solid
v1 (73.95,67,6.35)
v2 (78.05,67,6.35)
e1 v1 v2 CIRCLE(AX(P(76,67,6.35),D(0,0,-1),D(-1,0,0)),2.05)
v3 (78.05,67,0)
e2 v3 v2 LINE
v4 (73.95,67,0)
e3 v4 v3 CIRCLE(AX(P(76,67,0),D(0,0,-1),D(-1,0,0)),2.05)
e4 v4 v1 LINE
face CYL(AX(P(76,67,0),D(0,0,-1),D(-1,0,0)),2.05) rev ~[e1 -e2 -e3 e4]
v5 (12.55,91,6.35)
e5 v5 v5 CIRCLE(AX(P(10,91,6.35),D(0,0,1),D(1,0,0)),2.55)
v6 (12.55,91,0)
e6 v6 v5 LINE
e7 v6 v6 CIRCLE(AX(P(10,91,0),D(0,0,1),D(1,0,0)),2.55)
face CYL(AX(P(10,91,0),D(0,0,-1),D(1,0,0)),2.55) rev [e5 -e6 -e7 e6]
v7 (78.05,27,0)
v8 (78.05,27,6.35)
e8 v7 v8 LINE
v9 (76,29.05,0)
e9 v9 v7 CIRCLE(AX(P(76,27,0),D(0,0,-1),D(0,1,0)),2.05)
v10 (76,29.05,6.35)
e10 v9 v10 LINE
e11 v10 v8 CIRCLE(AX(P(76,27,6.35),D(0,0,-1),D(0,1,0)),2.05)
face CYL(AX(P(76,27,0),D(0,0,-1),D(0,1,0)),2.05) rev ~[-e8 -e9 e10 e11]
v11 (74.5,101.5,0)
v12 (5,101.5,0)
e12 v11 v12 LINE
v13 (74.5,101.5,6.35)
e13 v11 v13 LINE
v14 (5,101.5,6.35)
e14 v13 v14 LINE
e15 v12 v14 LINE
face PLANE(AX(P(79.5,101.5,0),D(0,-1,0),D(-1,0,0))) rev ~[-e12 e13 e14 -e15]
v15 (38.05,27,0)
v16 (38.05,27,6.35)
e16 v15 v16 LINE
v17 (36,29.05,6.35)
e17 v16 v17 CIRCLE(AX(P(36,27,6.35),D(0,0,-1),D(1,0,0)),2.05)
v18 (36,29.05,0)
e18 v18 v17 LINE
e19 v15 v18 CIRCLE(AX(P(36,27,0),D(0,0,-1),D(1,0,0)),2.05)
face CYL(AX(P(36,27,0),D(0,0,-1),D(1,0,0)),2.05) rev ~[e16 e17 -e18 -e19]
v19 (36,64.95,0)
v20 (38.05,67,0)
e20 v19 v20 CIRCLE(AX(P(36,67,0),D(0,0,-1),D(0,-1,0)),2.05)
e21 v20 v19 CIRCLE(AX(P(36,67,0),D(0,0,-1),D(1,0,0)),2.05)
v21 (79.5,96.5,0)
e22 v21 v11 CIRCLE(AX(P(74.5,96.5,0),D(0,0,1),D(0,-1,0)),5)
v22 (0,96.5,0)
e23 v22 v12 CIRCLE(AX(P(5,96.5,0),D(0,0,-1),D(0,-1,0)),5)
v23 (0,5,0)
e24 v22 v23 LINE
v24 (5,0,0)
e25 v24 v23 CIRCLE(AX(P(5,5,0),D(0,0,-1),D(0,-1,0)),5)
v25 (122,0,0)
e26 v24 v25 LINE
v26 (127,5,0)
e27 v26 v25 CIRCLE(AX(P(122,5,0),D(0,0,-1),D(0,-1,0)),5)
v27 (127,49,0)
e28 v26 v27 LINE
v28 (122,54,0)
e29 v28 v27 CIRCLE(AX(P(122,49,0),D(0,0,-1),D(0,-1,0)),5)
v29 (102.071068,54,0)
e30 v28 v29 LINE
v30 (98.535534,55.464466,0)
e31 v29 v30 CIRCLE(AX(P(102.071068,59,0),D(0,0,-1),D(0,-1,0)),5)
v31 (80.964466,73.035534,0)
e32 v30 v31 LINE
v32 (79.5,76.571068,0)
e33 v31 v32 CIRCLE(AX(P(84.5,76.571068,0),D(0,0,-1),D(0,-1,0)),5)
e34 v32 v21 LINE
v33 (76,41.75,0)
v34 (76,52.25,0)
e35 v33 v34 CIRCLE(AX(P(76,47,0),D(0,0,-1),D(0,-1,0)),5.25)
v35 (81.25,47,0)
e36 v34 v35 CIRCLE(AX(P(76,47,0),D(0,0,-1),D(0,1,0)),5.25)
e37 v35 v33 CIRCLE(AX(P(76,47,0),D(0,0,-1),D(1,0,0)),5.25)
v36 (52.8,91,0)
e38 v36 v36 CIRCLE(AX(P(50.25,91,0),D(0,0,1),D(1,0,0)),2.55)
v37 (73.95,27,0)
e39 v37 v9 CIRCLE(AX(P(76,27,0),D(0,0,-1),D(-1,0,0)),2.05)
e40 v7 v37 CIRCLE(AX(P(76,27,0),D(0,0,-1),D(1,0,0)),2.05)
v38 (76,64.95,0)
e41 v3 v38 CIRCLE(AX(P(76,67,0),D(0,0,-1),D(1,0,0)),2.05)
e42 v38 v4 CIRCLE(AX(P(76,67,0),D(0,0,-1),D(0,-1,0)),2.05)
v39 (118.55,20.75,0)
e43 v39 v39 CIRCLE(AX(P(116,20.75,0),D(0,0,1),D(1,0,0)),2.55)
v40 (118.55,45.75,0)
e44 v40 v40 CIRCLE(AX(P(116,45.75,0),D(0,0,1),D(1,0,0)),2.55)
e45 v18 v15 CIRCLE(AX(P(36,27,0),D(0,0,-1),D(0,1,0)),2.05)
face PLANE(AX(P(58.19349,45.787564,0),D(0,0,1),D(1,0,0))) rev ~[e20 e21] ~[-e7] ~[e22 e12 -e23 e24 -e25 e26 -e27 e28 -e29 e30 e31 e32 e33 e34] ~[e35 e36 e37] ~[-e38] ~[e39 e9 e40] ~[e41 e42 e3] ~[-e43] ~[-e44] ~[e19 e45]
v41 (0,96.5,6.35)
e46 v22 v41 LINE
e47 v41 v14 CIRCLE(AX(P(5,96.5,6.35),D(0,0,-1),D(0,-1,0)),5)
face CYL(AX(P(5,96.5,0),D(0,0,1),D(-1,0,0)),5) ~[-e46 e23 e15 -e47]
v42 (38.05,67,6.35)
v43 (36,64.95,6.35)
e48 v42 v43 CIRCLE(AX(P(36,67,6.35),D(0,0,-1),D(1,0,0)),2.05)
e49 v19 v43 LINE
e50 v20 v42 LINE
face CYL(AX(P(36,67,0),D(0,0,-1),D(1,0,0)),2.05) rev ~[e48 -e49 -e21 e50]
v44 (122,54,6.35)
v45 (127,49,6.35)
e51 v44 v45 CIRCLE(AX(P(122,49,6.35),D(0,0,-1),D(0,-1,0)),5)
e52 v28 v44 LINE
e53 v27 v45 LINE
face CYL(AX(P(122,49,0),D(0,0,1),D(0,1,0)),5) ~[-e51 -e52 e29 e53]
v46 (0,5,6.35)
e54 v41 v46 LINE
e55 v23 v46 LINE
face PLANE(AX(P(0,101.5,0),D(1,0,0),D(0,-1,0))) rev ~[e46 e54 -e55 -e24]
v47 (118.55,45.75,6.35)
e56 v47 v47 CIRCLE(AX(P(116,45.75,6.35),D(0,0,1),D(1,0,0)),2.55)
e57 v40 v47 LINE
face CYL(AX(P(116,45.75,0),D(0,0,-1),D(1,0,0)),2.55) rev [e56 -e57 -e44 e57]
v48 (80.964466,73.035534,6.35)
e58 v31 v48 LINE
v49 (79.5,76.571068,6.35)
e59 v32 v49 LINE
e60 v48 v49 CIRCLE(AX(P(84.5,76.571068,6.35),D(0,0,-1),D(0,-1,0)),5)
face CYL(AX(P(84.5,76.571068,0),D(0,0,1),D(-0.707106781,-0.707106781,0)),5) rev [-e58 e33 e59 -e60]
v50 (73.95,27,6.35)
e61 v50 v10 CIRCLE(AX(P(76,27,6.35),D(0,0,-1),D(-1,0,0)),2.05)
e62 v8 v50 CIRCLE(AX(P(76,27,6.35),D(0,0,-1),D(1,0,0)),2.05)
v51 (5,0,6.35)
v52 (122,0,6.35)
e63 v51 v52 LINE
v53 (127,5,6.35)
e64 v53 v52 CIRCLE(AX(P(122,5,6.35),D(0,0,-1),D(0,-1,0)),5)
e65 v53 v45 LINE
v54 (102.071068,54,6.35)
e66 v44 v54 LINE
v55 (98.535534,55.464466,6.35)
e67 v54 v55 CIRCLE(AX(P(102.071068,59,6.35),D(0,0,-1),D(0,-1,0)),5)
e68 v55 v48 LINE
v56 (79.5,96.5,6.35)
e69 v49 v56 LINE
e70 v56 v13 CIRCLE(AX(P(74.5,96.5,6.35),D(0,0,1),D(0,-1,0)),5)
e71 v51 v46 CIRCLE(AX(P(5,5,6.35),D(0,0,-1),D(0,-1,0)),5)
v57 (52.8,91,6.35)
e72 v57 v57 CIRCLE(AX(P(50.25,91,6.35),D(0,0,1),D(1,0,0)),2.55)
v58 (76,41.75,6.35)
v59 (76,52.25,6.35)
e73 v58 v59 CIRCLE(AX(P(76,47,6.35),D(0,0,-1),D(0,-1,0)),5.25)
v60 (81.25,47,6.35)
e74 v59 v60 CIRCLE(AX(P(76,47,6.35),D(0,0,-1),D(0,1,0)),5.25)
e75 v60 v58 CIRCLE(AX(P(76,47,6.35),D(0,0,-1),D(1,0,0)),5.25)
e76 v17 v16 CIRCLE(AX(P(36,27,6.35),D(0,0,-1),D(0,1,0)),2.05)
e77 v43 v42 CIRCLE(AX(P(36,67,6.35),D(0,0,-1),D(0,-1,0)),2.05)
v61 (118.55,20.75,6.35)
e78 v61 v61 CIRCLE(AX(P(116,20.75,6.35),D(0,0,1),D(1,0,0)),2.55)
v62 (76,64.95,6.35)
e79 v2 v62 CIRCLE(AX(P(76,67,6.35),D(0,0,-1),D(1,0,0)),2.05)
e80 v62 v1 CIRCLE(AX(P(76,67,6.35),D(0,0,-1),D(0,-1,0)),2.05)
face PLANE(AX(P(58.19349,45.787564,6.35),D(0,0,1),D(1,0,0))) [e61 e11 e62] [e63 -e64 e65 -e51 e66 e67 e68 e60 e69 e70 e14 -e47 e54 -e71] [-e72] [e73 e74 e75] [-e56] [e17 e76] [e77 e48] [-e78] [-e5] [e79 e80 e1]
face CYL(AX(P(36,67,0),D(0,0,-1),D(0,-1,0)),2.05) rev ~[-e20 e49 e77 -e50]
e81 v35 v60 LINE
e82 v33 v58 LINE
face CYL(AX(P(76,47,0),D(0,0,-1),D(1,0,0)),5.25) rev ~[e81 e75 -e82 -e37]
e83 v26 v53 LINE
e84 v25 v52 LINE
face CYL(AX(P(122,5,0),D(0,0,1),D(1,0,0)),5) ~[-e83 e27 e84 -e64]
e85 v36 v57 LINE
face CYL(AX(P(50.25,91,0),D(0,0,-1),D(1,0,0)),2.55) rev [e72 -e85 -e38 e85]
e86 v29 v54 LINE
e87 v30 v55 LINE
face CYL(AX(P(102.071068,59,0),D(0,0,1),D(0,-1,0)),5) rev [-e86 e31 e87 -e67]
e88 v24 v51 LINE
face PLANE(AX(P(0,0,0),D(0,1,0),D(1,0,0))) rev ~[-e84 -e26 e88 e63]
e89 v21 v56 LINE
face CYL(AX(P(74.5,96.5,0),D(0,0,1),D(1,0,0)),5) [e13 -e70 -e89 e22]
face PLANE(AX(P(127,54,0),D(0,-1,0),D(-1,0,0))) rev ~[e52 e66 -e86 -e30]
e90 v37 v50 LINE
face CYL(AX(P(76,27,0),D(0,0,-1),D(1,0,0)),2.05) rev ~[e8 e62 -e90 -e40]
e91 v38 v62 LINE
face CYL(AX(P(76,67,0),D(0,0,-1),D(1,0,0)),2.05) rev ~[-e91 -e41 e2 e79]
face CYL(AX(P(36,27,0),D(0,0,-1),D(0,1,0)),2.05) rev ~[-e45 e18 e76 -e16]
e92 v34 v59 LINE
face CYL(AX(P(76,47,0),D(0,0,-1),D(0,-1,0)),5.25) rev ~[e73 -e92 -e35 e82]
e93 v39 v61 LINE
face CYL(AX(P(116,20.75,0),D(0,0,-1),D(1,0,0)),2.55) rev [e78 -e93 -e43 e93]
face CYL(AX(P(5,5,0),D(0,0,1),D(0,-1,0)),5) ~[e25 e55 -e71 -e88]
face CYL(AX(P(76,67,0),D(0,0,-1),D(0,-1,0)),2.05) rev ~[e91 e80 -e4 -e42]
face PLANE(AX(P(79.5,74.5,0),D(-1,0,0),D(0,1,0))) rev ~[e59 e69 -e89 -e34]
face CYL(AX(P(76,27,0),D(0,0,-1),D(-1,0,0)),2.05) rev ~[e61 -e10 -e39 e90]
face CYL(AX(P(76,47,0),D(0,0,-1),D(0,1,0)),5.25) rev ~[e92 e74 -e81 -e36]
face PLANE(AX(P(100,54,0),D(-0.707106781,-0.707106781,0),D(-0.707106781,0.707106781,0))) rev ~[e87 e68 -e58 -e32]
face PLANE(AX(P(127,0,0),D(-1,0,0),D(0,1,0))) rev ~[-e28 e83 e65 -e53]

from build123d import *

# Parameters (mm, degrees)
F0_R     = 2.55
F1_DEPTH = 6.35
F2_R     = 5
F3_R     = 5


with BuildPart() as f1:
    # F0 (on Top) → F1 (new body)
    with BuildSketch(Plane.XY):
        Polygon((0, 101.5), (0, 0), (127, 0), (127, 54), (100, 54), (79.5, 74.5), (79.5, 101.5), align=None)
        with BuildLine():
            ThreePointArc((36, 64.95), (34.5504310986, 68.4495689014), (38.05, 67))
            Line((38.05, 67), (73.95, 67))
            ThreePointArc((73.95, 67), (76, 69.05), (78.05, 67))
            ThreePointArc((78.05, 67), (77.4495689014, 65.5504310986), (76, 64.95))
            Line((76, 64.95), (76, 52.25))
            ThreePointArc((76, 52.25), (79.7123106012, 50.7123106012), (81.25, 47))
            ThreePointArc((81.25, 47), (79.7123106012, 43.2876893988), (76, 41.75))
            Line((76, 41.75), (76, 29.05))
            ThreePointArc((76, 29.05), (77.4495689014, 28.4495689014), (78.05, 27))
            ThreePointArc((78.05, 27), (76, 24.95), (73.95, 27))
            Line((73.95, 27), (38.05, 27))
            ThreePointArc((38.05, 27), (34.5504310986, 25.5504310986), (36, 29.05))
            Line((36, 29.05), (36, 64.95))
        make_face(mode=Mode.SUBTRACT)
        with Locations((116, 20.75)):
            Circle(F0_R, mode=Mode.SUBTRACT)
        with Locations((116, 45.75)):
            Circle(F0_R, mode=Mode.SUBTRACT)
        with Locations((10, 91)):
            Circle(F0_R, mode=Mode.SUBTRACT)
        with Locations((50.25, 91)):
            Circle(F0_R, mode=Mode.SUBTRACT)
        with BuildLine():
            Line((73.95, 67), (38.05, 67))
            ThreePointArc((38.05, 67), (37.4495689014, 65.5504310986), (36, 64.95))
            Line((36, 64.95), (36, 29.05))
            ThreePointArc((36, 29.05), (37.4495689014, 28.4495689014), (38.05, 27))
            Line((38.05, 27), (73.95, 27))
            ThreePointArc((73.95, 27), (74.5504310986, 28.4495689014), (76, 29.05))
            Line((76, 29.05), (76, 41.75))
            ThreePointArc((76, 41.75), (70.75, 47), (76, 52.25))
            Line((76, 52.25), (76, 64.95))
            ThreePointArc((76, 64.95), (74.5504310986, 65.5504310986), (73.95, 67))
        make_face()
    extrude(amount=F1_DEPTH)

    # F2
    f2_edges = [f1.edges().sort_by_distance(p)[0] for p in [
        (79.5, 74.5, 3.175),
        (100, 54, 3.175),
    ]]
    fillet(f2_edges, radius=F2_R)

    # F3
    f3_edges = [f1.edges().sort_by_distance(p)[0] for p in [
        (0, 101.5, 3.175),
        (79.5, 101.5, 3.175),
        (127, 54, 3.175),
        (127, 0, 3.175),
        (0, 0, 3.175),
    ]]
    fillet(f3_edges, radius=F3_R)


solid = f1.part
